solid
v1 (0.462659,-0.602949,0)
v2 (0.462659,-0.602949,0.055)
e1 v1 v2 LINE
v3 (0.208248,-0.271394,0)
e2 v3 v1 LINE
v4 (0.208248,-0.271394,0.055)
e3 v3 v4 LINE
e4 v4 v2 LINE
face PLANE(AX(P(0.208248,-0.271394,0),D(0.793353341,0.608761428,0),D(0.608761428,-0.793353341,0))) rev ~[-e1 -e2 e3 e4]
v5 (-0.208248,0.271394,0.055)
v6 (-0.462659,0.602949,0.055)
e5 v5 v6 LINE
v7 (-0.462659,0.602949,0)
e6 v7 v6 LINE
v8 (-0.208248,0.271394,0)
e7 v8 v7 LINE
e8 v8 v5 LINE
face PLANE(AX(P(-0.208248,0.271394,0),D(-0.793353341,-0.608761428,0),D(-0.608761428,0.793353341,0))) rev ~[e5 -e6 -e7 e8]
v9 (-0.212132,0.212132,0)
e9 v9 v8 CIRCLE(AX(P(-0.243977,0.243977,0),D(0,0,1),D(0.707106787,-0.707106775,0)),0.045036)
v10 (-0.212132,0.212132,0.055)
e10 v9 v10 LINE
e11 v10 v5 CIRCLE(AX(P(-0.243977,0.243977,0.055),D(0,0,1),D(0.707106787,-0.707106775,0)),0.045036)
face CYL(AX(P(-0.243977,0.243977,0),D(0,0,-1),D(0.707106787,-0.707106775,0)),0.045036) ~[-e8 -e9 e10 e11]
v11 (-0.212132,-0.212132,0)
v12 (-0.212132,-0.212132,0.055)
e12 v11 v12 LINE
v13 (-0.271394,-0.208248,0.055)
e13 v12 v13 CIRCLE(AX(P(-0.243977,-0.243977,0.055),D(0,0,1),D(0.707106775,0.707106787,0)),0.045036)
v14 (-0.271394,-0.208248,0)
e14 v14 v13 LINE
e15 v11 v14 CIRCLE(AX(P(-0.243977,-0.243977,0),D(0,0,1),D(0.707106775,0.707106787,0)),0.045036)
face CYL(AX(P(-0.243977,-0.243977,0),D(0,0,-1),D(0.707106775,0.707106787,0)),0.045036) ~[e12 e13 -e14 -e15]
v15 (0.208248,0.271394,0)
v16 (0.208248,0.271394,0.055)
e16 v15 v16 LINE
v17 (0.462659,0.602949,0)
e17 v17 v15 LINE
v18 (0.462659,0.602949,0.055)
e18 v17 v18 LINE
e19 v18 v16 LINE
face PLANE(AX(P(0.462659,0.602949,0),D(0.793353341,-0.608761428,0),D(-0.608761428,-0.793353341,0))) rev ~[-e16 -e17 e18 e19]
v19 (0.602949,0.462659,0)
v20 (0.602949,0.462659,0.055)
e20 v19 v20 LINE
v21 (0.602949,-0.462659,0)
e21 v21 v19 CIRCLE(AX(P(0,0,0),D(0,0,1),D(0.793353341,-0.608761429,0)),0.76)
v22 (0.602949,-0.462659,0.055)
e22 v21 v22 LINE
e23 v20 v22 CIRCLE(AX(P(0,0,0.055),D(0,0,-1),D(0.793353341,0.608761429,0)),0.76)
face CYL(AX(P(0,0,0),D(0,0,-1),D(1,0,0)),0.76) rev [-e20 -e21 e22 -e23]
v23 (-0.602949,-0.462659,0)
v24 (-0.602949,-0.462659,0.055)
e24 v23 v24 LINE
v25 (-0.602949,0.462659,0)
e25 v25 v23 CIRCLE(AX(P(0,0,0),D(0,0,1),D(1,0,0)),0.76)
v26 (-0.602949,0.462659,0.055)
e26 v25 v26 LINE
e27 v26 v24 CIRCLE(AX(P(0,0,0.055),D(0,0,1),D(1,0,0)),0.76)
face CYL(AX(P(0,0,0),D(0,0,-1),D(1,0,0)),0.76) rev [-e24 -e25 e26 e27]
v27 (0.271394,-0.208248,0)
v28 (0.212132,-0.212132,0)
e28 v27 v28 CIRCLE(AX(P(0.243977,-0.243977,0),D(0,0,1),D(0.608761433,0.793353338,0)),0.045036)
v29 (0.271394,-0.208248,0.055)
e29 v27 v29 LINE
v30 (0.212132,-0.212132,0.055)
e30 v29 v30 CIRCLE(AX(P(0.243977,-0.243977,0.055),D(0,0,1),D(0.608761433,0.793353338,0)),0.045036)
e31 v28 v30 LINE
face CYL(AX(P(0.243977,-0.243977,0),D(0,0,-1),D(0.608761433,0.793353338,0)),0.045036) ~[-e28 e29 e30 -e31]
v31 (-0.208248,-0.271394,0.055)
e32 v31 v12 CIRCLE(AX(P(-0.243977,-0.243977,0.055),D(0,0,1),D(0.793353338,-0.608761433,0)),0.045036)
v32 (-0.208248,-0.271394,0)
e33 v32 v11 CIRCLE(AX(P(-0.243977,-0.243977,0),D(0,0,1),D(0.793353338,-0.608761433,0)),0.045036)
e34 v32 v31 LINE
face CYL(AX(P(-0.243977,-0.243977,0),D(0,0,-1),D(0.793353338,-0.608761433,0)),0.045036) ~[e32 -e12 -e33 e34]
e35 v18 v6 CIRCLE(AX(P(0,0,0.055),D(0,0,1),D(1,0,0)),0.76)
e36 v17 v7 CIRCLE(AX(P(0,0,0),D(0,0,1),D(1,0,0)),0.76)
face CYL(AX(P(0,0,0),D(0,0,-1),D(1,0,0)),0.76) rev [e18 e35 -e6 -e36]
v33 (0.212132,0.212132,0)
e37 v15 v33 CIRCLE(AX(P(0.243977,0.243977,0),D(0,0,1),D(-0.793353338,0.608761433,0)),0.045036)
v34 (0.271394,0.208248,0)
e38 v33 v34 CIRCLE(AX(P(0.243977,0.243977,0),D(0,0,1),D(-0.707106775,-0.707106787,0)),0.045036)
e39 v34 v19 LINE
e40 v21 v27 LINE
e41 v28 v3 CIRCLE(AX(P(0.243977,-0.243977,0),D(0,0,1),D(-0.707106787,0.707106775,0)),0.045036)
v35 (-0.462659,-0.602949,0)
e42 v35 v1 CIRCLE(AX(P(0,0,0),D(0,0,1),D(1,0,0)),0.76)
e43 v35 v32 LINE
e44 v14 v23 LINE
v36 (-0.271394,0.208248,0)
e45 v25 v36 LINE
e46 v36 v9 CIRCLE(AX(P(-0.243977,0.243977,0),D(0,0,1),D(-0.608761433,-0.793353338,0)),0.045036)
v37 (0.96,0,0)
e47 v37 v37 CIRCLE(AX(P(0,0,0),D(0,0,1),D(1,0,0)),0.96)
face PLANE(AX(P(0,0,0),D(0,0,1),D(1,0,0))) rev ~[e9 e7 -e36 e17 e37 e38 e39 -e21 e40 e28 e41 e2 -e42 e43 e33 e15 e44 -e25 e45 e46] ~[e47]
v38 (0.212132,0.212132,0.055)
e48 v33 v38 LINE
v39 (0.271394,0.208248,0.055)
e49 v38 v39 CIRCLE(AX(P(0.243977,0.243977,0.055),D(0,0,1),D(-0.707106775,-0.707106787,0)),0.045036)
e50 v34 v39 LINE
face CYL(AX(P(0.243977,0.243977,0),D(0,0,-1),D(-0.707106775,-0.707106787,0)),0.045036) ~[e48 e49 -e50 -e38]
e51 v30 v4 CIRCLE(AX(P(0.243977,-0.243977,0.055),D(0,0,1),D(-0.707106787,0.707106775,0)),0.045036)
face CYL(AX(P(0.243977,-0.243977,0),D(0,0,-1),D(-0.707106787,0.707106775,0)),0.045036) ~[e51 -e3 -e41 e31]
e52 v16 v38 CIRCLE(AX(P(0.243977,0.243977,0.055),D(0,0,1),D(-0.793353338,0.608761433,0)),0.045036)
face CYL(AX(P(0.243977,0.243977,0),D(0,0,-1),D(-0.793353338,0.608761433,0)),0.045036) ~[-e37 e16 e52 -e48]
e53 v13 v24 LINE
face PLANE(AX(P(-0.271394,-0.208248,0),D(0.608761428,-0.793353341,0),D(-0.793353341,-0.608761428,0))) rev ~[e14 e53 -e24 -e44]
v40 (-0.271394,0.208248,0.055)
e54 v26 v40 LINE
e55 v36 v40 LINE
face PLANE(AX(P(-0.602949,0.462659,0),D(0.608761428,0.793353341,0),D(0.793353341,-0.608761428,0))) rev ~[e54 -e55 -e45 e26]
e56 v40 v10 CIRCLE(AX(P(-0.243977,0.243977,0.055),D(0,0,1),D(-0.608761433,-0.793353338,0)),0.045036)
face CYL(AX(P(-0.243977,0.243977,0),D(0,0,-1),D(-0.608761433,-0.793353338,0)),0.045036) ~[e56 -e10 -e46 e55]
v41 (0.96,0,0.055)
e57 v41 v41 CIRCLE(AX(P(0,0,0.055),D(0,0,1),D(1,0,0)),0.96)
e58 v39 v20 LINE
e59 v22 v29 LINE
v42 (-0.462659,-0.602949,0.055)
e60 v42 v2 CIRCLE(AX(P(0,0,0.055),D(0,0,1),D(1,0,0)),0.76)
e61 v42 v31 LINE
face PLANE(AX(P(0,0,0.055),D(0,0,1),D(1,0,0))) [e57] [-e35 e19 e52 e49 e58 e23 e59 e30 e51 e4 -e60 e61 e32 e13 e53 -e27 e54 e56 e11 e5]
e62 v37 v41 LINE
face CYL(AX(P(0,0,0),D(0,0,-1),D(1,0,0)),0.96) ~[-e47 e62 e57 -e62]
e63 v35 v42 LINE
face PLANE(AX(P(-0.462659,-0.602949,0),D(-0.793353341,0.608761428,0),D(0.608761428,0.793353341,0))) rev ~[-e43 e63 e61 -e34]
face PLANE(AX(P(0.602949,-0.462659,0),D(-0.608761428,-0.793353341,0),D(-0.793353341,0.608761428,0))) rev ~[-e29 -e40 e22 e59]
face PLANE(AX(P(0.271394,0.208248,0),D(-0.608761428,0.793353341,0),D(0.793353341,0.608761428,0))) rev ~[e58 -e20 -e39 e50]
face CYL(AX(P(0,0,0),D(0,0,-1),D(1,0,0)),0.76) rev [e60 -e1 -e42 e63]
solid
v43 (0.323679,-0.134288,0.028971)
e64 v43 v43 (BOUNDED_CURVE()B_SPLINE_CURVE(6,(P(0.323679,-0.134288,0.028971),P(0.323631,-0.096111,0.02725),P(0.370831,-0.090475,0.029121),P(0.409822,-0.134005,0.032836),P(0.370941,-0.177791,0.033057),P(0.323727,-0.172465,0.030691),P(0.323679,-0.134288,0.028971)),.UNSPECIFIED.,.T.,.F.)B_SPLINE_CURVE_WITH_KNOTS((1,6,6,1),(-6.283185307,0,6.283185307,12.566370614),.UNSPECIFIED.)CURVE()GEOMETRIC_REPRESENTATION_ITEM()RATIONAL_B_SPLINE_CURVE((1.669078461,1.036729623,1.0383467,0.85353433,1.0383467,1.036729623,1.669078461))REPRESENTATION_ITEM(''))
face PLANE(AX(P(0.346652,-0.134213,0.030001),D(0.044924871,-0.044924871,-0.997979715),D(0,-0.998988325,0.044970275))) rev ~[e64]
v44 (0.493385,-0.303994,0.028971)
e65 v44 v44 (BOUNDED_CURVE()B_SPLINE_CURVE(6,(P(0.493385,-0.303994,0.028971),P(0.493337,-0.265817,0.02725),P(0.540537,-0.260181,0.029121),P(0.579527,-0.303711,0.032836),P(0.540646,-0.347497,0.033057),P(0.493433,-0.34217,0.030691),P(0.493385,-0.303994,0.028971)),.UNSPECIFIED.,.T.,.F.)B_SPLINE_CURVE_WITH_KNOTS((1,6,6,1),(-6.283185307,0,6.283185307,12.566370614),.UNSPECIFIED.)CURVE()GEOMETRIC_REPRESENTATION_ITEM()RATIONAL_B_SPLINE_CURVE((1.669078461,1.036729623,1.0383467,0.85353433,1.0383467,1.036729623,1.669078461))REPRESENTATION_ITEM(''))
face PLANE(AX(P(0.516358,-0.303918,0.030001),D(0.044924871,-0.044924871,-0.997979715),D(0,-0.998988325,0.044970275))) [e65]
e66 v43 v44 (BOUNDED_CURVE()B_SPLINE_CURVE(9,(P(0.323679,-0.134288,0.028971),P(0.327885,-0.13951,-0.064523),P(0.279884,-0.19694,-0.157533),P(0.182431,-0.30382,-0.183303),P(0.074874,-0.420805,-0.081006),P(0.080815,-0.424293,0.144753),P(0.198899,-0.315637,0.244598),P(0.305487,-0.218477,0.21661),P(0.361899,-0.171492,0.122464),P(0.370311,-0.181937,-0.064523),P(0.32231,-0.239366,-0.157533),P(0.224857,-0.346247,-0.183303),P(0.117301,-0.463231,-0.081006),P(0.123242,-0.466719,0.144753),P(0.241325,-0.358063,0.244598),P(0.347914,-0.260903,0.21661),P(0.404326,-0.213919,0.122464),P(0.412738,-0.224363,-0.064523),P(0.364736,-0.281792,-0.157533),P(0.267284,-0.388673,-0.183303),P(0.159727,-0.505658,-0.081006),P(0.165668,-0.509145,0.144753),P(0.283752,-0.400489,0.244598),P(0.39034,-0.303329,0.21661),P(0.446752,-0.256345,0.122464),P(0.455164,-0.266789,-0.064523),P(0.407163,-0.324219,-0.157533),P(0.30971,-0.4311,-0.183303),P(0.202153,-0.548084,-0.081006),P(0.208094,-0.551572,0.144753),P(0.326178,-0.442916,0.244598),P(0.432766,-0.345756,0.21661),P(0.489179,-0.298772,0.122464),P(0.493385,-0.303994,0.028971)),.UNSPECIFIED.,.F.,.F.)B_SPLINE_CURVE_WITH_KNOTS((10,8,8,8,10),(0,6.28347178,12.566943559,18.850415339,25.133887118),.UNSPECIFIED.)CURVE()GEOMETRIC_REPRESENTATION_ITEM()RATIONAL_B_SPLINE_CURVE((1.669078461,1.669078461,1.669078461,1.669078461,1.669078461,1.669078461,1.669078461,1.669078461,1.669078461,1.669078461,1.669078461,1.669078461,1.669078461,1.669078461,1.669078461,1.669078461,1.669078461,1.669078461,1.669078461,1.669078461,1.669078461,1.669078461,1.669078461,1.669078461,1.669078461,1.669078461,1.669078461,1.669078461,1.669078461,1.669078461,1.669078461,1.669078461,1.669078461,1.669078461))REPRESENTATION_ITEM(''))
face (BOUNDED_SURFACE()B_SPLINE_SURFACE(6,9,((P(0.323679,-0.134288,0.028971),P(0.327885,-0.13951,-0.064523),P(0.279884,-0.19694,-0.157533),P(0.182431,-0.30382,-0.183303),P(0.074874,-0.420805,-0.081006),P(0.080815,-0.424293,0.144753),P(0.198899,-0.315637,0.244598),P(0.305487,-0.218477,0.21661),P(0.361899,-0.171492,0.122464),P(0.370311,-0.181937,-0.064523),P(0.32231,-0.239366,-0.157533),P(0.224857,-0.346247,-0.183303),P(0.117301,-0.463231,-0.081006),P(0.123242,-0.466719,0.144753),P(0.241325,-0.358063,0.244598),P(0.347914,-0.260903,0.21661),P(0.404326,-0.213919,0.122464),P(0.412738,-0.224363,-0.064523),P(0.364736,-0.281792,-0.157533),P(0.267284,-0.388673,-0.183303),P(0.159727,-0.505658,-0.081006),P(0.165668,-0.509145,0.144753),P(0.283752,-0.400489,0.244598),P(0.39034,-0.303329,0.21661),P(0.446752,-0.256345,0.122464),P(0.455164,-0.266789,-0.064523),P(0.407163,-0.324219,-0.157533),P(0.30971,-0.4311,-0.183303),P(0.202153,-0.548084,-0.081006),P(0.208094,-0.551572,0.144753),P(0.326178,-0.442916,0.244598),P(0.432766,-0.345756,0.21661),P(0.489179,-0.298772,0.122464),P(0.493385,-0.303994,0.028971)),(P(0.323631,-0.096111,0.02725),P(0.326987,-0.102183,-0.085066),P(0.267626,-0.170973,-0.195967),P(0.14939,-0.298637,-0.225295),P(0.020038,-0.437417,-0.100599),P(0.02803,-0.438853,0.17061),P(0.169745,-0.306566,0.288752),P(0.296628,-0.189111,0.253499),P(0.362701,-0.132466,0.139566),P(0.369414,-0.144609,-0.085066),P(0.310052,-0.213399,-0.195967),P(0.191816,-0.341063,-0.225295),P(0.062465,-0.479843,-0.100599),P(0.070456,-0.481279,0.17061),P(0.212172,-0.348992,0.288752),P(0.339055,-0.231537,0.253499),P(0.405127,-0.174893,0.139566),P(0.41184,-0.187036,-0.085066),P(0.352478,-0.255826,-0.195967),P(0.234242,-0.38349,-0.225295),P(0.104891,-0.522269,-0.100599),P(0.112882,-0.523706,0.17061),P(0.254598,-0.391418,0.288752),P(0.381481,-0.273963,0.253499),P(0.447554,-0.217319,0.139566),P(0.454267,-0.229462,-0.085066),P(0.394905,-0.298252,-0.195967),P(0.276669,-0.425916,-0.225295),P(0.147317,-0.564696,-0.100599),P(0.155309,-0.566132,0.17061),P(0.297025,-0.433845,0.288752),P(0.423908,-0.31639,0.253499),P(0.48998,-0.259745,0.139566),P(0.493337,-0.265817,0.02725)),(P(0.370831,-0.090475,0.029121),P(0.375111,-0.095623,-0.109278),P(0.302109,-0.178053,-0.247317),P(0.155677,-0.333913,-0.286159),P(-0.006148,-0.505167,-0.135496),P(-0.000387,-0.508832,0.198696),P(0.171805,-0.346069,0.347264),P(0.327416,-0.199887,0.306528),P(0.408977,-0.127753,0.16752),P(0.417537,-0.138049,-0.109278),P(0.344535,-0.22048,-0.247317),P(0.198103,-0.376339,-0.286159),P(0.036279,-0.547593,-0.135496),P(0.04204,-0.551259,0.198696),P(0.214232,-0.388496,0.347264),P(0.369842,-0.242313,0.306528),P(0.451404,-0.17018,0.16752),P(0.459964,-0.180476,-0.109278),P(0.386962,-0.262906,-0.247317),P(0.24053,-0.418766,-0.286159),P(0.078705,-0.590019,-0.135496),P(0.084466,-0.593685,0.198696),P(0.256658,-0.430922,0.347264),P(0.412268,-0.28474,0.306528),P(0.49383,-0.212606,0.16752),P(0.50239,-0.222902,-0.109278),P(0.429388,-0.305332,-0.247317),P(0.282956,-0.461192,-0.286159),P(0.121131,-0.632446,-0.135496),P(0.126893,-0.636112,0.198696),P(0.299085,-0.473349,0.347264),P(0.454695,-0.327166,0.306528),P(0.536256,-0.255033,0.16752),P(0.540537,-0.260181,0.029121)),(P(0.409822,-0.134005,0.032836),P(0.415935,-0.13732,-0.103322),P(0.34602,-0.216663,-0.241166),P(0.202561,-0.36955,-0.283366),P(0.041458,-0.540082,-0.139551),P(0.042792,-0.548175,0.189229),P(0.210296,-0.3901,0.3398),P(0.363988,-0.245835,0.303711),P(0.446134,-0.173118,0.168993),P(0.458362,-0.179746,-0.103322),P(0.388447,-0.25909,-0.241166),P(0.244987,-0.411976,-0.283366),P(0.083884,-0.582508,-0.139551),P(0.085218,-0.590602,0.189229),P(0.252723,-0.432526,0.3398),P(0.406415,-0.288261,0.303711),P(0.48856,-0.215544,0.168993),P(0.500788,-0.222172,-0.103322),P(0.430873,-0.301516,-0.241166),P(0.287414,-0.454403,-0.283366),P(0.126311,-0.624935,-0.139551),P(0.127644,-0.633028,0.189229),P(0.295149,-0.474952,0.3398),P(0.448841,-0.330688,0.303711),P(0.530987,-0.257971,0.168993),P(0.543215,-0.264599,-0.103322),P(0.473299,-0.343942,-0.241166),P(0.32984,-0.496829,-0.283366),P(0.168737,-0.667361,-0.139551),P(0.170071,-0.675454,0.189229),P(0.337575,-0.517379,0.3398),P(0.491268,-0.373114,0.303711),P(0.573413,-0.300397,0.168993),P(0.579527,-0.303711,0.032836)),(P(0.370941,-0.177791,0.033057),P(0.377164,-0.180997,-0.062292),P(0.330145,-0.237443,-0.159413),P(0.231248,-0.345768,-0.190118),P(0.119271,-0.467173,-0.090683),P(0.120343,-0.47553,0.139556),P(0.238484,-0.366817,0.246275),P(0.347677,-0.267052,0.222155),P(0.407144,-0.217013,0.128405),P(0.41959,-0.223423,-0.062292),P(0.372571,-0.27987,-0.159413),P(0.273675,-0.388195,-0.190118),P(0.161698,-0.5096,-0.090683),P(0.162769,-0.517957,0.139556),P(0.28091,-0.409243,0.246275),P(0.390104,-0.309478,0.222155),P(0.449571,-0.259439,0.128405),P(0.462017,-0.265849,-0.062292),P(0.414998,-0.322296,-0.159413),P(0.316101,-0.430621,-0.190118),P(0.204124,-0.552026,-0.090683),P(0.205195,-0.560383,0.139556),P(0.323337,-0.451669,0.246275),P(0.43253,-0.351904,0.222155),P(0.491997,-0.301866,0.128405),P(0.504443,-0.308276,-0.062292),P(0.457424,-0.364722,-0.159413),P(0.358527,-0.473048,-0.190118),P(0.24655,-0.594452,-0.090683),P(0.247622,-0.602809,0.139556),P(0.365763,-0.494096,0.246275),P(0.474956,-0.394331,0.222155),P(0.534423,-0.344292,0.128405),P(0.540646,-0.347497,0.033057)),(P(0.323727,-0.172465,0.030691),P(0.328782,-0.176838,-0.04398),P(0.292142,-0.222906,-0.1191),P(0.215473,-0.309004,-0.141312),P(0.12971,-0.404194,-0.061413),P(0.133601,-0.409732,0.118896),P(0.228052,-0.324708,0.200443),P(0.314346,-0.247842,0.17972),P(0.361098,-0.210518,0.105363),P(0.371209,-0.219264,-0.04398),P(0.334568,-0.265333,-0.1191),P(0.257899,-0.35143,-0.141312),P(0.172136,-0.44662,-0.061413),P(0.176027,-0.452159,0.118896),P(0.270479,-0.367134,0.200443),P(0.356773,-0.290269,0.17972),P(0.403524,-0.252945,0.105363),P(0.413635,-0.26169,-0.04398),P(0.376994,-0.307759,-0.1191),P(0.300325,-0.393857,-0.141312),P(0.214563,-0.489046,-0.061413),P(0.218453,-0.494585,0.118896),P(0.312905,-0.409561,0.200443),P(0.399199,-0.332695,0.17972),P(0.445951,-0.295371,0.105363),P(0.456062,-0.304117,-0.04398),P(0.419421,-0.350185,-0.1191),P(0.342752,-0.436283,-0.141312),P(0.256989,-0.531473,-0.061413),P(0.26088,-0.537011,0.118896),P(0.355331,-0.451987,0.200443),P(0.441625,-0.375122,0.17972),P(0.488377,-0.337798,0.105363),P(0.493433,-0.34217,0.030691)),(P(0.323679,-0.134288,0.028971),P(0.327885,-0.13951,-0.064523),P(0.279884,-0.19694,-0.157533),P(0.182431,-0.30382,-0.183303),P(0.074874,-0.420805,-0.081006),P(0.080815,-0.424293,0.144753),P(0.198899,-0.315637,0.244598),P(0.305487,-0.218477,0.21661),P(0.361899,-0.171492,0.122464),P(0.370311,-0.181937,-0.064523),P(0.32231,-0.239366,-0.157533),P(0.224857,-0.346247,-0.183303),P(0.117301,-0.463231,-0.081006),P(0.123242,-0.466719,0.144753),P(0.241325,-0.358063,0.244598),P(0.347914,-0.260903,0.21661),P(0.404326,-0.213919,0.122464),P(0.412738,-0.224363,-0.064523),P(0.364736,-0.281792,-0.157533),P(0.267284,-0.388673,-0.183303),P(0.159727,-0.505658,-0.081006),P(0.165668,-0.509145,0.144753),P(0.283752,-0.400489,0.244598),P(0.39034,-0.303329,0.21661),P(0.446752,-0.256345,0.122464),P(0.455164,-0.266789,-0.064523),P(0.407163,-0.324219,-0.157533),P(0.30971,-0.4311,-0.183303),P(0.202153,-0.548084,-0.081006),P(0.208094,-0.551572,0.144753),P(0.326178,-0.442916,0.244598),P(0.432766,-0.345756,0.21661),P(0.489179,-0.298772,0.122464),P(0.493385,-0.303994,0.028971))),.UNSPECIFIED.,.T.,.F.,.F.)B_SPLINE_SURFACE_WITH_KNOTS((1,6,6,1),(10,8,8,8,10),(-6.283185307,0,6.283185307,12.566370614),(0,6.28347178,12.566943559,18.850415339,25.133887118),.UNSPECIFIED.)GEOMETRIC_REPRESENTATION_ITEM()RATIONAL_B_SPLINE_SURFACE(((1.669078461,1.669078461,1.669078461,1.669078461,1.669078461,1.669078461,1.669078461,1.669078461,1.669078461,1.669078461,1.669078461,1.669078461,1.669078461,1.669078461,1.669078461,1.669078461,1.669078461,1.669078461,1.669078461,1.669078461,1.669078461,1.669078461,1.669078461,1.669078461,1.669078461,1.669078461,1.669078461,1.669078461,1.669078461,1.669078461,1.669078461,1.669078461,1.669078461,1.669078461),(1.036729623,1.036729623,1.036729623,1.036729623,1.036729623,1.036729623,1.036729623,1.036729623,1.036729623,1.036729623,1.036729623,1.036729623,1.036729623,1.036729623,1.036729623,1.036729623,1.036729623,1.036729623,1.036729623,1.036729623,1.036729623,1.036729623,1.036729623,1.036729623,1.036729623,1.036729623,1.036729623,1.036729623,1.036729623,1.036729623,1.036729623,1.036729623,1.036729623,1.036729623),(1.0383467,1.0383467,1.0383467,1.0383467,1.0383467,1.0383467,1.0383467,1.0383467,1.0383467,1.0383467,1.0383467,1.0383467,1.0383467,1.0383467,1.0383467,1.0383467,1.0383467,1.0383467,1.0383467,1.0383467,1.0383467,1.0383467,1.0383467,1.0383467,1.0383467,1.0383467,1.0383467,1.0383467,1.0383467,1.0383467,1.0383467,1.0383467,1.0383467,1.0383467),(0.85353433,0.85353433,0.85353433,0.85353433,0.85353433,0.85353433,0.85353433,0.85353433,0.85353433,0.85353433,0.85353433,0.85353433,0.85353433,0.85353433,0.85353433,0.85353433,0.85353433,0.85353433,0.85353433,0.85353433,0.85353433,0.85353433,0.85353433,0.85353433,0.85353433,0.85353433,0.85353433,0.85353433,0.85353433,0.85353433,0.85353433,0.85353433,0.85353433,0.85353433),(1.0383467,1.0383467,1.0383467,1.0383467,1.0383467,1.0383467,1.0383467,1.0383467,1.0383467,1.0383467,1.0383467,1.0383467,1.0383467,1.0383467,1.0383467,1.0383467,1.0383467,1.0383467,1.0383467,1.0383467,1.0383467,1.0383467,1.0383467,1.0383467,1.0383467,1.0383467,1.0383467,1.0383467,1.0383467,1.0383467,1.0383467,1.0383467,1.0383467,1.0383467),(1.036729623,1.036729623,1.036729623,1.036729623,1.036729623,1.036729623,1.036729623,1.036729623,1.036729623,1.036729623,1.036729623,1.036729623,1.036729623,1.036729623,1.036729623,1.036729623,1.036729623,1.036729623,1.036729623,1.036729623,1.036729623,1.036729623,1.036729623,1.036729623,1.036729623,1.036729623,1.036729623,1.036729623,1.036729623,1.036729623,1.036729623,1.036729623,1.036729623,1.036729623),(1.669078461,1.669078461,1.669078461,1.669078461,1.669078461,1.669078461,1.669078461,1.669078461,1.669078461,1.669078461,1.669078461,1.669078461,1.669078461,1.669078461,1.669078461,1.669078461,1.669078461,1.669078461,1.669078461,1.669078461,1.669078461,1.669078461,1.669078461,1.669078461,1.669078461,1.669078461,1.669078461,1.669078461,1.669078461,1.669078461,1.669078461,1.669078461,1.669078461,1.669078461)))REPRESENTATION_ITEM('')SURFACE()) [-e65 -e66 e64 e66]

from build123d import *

# Parameters (mm, degrees)
SKETCH_1_R          = 0.96
SKETCH_1_R_2        = 0.76
EXTRUDE_1_DEPTH     = 0.055
EXTRUDE_START       = -0.055
EXTRUDE_2_DEPTH     = 0.055
SWEEP_1_PITCH       = 0.06
SWEEP_1_HEIGHT      = 0.24
SWEEP_1_RADIUS      = 0.15
SWEEP_1_START_ANGLE = 180
SKETCH_71_R         = 0.023


with BuildPart() as part:
    # 草圖1 → 填料-伸長1 (new body)
    with BuildSketch(Plane.XY):
        Circle(SKETCH_1_R)
        Circle(SKETCH_1_R_2, mode=Mode.SUBTRACT)
    extrude(amount=EXTRUDE_1_DEPTH)

    # 草圖2 → 填料-伸長2 (add)
    with BuildSketch(Plane.XY.offset(0.055).offset(EXTRUDE_START)):
        with BuildLine():
            Line((-0.208247811, 0.271393831), (-0.462658686, 0.602948539))
            ThreePointArc((-0.462658686, 0.602948539), (-0.537401154, 0.537401154), (-0.602948539, 0.462658686))
            Line((-0.602948539, 0.462658686), (-0.271393831, 0.208247811))
            ThreePointArc((-0.271393831, 0.208247811), (-0.241031974, 0.199037642), (-0.212132034, 0.212132034))
            ThreePointArc((-0.212132034, 0.212132034), (-0.199037642, 0.241031974), (-0.208247811, 0.271393831))
        make_face()
        with BuildLine():
            ThreePointArc((0.208247811, 0.271393831), (0.199037642, 0.241031974), (0.212132034, 0.212132034))
            ThreePointArc((0.212132034, 0.212132034), (0.241031974, 0.199037642), (0.271393831, 0.208247811))
            Line((0.271393831, 0.208247811), (0.602948539, 0.462658686))
            ThreePointArc((0.602948539, 0.462658686), (0.537401154, 0.537401154), (0.462658686, 0.602948539))
            Line((0.462658686, 0.602948539), (0.208247811, 0.271393831))
        make_face()
        with BuildLine():
            ThreePointArc((0.271393831, -0.208247811), (0.241031974, -0.199037642), (0.212132034, -0.212132034))
            ThreePointArc((0.212132034, -0.212132034), (0.199037642, -0.241031974), (0.208247811, -0.271393831))
            Line((0.208247811, -0.271393831), (0.462658686, -0.602948539))
            ThreePointArc((0.462658686, -0.602948539), (0.537401154, -0.537401154), (0.602948539, -0.462658686))
            Line((0.602948539, -0.462658686), (0.271393831, -0.208247811))
        make_face()
        with BuildLine():
            ThreePointArc((-0.208247811, -0.271393831), (-0.199037642, -0.241031974), (-0.212132034, -0.212132034))
            ThreePointArc((-0.212132034, -0.212132034), (-0.241031974, -0.199037642), (-0.271393831, -0.208247811))
            Line((-0.271393831, -0.208247811), (-0.602948539, -0.462658686))
            ThreePointArc((-0.602948539, -0.462658686), (-0.537401154, -0.537401154), (-0.462658686, -0.602948539))
            Line((-0.462658686, -0.602948539), (-0.208247811, -0.271393831))
        make_face()
    extrude(amount=EXTRUDE_2_DEPTH)


with BuildPart() as body_2:
    # 掃出1: sweep along a helix
    with BuildLine() as sweep_1_path:
        add(Helix(SWEEP_1_PITCH, SWEEP_1_HEIGHT, SWEEP_1_RADIUS, center=(0.240416306, -0.240416306, 0.03), direction=(0.7071067811865475, -0.7071067811865477, 0), lefthand=True, mode=Mode.PRIVATE).rotate(Axis((0.240416306, -0.240416306, 0.03), (0.7071067811865475, -0.7071067811865477, 0)), SWEEP_1_START_ANGLE))
    # 草圖71 → 掃出1 (sweep)
    with BuildSketch(Plane(origin=(0.51618795, -0.304055916, 0.03), x_dir=(-0.9989895775387035, -0.0032772327490316355, -0.044822803510617897), z_dir=(0.04492487103878256, -0.04492487103886298, -0.997979715186782))):
        with Locations((-0.000173743, 0.000137163)):
            Circle(SKETCH_71_R)
    sweep(path=sweep_1_path.line, is_frenet=True)


solid = Compound([part.part, body_2.part])
